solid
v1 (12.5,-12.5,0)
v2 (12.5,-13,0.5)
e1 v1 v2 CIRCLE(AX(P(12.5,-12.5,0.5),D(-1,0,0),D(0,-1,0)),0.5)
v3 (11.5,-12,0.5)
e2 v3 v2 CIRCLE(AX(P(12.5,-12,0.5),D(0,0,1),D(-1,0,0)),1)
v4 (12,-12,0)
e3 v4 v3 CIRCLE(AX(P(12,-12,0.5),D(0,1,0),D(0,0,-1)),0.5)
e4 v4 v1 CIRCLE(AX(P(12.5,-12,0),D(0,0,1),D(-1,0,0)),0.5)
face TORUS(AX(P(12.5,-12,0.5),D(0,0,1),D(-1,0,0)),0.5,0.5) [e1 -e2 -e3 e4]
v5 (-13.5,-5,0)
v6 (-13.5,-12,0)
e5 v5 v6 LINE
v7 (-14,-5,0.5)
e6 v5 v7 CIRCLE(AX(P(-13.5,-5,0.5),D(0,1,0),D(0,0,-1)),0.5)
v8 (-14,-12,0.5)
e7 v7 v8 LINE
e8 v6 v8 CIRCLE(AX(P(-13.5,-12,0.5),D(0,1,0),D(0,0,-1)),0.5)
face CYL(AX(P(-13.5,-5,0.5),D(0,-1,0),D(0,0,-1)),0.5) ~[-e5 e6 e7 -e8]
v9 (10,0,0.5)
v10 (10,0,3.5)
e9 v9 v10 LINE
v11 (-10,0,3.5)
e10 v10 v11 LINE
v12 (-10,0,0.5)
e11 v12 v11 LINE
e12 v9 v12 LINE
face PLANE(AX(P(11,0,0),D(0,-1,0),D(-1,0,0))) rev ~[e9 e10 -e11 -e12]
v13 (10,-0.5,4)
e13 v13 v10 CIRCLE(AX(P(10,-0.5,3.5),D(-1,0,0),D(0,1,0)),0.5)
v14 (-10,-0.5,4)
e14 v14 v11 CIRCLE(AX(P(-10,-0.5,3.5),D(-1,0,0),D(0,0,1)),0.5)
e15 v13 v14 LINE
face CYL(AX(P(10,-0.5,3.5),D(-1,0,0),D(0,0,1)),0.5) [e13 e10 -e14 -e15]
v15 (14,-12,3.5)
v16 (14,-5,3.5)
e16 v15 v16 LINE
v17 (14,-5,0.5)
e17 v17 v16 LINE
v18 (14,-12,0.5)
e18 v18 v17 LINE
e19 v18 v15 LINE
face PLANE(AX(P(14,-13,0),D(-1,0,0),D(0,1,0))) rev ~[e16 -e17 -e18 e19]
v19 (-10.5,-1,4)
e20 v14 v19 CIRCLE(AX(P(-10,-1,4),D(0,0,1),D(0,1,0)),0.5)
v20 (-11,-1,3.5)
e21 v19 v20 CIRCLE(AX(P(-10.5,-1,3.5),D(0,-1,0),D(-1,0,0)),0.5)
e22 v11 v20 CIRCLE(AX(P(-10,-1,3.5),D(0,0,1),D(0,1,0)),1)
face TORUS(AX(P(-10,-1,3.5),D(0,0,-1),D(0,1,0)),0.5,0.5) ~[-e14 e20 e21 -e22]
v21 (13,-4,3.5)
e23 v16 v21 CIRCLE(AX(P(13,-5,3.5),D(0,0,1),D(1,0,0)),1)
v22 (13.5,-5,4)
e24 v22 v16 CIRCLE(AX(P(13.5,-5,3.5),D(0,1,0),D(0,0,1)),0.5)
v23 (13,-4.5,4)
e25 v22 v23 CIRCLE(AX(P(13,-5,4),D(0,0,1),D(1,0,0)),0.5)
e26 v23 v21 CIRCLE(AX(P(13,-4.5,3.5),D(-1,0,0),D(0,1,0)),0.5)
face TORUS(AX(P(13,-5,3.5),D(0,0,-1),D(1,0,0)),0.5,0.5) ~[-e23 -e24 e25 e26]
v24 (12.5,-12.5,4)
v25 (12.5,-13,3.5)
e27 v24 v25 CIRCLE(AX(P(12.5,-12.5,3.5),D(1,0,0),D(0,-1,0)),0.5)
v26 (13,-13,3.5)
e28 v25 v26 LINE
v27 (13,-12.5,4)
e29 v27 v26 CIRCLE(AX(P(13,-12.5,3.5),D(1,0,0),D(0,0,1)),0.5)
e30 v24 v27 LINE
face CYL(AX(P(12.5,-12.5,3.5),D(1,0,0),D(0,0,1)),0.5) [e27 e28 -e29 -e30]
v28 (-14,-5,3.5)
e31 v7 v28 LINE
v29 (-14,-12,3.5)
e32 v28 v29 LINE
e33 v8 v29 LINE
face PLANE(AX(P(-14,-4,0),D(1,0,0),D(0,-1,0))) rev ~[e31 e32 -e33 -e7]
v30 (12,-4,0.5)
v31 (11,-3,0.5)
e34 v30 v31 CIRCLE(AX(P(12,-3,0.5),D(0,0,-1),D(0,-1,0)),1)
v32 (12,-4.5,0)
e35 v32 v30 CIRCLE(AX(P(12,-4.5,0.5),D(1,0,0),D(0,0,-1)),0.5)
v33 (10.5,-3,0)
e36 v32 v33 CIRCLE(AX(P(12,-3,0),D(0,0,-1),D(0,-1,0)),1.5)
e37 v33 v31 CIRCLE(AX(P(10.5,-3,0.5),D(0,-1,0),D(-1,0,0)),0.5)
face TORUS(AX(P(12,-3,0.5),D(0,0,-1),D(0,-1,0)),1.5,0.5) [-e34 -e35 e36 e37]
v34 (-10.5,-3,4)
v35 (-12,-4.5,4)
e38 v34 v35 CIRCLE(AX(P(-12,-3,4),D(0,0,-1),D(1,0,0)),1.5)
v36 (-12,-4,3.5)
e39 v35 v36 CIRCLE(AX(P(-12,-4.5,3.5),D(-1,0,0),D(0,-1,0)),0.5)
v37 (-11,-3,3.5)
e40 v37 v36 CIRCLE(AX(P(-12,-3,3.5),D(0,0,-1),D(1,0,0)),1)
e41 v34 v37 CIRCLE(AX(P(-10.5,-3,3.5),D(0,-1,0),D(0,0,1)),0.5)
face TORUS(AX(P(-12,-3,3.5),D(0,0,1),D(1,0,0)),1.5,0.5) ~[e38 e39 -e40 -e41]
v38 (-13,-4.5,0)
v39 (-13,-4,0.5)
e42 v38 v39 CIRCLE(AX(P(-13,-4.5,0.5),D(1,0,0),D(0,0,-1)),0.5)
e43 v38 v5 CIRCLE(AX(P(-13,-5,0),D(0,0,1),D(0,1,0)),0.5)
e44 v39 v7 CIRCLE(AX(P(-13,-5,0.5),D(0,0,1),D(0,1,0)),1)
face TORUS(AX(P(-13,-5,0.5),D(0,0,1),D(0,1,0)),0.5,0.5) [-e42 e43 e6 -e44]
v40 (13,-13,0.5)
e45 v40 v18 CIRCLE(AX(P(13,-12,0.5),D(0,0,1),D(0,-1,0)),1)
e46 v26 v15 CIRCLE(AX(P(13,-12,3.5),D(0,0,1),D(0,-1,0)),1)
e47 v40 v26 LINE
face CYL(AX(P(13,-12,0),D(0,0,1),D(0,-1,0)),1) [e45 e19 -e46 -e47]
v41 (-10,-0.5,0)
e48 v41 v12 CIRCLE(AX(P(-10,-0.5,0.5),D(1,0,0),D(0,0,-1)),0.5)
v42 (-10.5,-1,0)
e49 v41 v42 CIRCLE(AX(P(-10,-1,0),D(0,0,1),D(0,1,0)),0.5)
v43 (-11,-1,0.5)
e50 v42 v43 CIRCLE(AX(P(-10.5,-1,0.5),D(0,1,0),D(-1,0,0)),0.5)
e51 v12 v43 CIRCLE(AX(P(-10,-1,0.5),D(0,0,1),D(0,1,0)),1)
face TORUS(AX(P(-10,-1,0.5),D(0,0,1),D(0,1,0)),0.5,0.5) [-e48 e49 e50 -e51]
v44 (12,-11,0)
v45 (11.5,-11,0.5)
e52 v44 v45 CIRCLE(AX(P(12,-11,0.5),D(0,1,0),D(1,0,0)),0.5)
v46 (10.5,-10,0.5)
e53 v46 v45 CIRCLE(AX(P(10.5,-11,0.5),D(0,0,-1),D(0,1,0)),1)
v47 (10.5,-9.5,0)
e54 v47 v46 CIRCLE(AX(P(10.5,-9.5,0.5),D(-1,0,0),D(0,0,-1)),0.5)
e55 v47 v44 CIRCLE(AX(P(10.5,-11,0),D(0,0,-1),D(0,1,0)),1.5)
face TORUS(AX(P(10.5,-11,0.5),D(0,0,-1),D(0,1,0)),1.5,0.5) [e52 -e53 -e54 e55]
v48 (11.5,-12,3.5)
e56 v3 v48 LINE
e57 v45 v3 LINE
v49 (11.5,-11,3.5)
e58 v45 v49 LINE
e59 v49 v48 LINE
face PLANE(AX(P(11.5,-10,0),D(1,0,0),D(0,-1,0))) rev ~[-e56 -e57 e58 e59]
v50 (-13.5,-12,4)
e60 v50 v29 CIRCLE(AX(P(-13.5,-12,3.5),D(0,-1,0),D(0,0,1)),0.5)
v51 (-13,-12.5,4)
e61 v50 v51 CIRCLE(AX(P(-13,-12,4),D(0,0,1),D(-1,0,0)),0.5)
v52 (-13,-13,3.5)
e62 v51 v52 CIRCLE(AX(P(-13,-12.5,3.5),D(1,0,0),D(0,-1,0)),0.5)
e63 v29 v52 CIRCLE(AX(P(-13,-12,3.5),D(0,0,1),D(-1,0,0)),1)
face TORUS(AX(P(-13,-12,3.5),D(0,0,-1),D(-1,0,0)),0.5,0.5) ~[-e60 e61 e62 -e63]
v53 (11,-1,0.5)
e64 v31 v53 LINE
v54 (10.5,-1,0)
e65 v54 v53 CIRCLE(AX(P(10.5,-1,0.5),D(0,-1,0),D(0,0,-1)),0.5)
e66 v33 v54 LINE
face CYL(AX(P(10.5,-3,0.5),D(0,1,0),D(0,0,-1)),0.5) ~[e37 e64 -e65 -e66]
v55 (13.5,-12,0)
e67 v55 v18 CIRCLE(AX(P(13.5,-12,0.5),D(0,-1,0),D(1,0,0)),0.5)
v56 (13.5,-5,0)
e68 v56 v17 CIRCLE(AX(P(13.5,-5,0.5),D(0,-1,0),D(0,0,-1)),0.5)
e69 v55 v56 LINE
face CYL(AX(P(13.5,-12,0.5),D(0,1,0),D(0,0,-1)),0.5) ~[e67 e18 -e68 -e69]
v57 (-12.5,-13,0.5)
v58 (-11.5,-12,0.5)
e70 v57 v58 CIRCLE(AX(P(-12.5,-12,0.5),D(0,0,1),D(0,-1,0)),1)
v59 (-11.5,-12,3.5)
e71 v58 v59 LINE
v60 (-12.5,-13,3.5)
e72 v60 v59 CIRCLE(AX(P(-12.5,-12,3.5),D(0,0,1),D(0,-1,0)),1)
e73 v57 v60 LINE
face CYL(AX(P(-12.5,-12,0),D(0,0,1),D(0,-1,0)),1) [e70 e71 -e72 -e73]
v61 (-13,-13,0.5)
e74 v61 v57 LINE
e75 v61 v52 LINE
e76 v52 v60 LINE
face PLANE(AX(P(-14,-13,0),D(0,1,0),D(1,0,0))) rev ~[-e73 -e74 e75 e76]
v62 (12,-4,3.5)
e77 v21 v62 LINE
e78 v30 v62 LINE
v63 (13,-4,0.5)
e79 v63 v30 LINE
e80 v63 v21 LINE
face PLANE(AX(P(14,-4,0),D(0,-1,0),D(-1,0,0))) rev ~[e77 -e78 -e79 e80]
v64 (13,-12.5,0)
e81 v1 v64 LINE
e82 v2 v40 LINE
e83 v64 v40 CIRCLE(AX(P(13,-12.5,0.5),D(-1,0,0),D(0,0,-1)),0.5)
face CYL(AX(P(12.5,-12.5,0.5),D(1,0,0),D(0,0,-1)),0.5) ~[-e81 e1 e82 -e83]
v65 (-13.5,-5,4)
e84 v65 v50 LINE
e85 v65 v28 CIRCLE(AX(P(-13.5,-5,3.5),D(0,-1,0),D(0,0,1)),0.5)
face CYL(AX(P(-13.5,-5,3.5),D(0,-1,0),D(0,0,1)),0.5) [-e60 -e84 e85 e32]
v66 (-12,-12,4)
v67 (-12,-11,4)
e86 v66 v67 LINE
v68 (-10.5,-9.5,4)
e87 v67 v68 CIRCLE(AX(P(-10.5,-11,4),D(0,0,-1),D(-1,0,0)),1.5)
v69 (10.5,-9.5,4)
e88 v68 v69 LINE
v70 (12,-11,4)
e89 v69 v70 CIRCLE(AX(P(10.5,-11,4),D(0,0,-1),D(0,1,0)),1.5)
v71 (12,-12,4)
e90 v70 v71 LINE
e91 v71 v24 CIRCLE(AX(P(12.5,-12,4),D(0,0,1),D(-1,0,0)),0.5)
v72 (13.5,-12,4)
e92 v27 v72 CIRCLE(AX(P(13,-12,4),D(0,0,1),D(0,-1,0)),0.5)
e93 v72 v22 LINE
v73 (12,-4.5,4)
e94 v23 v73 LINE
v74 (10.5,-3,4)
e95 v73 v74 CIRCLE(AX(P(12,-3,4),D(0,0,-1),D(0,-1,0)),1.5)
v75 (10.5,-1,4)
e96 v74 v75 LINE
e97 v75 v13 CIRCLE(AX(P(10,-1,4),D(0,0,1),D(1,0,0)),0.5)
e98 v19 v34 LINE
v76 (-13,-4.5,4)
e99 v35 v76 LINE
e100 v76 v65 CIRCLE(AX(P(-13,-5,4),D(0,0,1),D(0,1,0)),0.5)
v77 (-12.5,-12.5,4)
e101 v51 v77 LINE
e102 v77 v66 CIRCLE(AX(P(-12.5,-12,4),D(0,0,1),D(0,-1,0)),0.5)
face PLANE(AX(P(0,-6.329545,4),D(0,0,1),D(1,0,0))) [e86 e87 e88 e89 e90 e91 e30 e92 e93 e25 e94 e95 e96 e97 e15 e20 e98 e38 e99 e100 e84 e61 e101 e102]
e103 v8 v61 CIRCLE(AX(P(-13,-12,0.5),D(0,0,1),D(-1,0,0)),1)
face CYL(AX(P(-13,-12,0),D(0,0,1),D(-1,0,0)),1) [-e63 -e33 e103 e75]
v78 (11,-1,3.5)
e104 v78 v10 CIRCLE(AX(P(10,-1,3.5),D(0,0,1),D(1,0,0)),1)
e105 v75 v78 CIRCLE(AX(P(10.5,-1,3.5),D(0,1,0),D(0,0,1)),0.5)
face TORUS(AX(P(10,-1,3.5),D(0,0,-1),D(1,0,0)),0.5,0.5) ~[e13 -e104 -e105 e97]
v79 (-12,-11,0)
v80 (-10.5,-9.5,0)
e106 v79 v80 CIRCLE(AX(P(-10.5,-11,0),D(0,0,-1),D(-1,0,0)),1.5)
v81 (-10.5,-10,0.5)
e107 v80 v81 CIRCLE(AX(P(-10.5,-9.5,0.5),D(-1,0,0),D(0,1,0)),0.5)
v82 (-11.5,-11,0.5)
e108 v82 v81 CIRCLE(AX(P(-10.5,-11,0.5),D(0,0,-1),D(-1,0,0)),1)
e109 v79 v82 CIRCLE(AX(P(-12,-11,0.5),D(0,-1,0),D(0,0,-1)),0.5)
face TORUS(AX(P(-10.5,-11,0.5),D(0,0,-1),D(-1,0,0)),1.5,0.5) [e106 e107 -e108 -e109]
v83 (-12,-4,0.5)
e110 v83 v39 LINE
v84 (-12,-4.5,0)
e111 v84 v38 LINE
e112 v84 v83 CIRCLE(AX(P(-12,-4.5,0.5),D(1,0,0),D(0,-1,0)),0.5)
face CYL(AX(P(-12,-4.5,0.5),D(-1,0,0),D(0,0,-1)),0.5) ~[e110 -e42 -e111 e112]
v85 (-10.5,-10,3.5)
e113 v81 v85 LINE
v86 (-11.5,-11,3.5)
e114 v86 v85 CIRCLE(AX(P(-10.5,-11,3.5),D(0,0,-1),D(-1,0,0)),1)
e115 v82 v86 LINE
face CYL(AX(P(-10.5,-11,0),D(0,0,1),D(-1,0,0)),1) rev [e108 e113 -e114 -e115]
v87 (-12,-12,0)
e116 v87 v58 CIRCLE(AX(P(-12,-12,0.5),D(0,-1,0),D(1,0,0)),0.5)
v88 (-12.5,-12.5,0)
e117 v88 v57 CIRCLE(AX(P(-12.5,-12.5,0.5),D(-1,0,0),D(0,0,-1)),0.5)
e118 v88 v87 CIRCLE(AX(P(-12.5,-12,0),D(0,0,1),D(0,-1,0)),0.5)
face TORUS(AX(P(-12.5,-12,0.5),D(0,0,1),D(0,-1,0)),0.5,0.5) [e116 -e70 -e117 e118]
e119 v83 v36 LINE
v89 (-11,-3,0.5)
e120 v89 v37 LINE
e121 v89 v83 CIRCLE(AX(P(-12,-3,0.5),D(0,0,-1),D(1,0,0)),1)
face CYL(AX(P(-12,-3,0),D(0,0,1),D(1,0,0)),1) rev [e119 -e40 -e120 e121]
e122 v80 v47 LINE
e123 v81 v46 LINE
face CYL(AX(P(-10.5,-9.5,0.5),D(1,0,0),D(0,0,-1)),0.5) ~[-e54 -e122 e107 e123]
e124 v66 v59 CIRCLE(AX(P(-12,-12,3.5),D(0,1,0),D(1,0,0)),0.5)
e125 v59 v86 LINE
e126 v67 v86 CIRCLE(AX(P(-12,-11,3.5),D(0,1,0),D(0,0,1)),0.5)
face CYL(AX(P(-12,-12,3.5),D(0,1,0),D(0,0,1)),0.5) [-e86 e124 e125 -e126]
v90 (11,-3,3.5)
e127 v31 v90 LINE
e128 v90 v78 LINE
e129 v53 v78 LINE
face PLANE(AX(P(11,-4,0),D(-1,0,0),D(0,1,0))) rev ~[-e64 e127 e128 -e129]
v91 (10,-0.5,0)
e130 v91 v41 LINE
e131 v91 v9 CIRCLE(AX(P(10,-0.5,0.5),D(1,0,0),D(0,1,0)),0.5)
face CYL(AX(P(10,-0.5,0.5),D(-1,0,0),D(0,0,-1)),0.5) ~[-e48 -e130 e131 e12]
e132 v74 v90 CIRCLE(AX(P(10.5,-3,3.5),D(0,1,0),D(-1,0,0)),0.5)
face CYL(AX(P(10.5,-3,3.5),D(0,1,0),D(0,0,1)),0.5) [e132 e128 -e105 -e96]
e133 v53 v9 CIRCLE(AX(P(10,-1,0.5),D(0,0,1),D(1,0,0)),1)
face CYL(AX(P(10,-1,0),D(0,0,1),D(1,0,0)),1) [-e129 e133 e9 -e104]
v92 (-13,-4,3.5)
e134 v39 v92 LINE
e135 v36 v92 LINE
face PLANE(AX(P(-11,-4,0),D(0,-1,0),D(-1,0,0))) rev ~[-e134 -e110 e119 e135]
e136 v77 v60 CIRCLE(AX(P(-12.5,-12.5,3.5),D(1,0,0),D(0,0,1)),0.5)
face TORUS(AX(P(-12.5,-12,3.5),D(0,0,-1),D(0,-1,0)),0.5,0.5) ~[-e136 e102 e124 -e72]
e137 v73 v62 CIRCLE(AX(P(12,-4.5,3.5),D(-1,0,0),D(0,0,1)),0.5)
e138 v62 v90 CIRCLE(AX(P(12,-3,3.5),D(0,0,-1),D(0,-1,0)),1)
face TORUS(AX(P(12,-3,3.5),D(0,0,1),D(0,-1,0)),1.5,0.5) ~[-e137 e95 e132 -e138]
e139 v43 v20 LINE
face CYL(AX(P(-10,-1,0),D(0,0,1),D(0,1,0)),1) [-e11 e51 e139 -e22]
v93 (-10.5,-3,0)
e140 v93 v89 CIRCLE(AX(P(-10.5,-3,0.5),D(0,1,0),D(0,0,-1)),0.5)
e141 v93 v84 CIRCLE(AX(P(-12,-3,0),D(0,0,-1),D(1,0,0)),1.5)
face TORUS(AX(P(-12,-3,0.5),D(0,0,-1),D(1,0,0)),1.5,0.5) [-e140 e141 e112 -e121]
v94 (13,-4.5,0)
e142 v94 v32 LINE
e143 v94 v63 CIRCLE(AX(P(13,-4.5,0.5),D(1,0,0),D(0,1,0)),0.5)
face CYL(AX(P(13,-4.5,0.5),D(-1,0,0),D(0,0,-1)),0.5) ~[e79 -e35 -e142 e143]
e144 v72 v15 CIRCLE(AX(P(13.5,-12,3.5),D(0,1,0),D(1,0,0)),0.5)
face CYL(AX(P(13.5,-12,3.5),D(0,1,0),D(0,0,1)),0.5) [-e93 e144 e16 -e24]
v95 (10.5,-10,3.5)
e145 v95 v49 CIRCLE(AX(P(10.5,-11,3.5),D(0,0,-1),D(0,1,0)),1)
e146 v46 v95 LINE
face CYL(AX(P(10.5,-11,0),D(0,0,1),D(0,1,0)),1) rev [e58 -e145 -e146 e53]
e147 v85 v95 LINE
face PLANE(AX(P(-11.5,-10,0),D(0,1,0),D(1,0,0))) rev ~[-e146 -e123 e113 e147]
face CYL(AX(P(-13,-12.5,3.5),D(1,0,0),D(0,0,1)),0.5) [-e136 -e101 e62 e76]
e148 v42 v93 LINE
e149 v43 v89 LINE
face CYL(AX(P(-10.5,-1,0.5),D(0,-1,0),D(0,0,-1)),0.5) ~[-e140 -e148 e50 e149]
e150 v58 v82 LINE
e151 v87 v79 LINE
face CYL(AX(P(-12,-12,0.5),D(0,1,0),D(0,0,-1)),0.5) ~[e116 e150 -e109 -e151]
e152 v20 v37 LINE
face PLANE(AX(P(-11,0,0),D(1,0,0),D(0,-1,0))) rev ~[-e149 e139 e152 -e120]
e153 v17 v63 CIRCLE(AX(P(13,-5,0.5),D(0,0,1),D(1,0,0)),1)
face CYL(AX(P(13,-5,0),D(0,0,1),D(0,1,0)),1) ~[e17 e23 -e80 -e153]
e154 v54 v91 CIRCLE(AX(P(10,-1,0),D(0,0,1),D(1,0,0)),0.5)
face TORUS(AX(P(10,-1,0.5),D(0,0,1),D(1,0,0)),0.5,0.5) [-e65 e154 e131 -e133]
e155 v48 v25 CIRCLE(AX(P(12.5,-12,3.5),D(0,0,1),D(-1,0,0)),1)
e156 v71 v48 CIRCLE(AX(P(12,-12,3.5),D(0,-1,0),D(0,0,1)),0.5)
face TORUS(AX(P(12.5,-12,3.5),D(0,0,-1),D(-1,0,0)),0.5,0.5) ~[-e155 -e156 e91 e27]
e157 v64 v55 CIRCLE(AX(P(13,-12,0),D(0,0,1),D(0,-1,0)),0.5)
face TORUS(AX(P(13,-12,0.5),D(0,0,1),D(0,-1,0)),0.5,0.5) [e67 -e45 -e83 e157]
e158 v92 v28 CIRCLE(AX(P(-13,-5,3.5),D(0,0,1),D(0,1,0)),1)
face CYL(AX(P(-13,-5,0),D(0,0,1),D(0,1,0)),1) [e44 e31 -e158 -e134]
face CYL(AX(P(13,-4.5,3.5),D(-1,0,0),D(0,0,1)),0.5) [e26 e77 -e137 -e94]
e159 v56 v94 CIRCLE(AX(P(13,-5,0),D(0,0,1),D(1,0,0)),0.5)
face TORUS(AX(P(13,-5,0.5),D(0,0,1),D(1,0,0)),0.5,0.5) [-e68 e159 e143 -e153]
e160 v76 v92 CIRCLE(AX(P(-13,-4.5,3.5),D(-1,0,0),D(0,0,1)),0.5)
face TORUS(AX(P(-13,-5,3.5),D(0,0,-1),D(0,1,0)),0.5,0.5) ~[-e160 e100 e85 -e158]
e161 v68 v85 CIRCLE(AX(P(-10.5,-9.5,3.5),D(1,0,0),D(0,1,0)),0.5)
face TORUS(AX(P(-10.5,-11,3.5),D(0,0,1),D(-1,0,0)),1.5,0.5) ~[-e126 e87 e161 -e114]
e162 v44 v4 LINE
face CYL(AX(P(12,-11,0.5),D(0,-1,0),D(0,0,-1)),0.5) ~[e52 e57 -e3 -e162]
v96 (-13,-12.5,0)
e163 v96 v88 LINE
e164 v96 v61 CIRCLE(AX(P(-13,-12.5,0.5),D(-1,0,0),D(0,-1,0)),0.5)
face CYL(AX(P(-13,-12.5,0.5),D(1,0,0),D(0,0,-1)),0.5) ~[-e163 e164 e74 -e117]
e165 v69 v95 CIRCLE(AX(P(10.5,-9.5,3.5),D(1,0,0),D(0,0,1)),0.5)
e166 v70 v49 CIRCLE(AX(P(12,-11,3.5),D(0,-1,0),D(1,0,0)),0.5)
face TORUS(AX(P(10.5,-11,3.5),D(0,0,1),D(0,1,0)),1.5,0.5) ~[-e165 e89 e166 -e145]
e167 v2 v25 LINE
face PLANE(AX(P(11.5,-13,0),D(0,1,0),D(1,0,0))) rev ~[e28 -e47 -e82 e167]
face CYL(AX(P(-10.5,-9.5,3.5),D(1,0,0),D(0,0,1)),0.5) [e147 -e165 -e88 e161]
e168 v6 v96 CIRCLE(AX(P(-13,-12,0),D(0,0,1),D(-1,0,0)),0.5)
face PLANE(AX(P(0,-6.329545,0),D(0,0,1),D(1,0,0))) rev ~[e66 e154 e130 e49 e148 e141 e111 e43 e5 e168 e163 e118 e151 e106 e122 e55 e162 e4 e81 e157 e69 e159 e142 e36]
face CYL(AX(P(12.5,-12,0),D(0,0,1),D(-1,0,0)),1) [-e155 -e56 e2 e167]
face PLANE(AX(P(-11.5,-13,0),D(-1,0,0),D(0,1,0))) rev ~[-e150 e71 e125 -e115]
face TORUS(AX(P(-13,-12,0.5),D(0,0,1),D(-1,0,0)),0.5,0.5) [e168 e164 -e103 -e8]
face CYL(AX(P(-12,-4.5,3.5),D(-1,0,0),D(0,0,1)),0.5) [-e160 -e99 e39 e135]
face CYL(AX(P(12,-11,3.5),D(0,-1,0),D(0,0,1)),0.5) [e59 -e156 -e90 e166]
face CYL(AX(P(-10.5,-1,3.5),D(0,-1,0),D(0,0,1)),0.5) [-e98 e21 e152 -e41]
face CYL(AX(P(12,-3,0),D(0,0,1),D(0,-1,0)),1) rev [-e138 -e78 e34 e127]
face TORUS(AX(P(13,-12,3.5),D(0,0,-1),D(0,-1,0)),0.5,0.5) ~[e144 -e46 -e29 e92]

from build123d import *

# Parameters (mm, degrees)
F1_DEPTH = 4
F2_R     = 1
F3_R     = 0.5


with BuildPart() as f1:
    # F0 (on Top) → F1 (new body)
    with BuildSketch(Plane.XY):
        Polygon((14, -4), (11, -4), (11, 0), (-11, 0), (-11, -4), (-14, -4), (-14, -13), (-11.5, -13), (-11.5, -10), (11.5, -10), (11.5, -13), (14, -13), align=None)
    extrude(amount=F1_DEPTH)

    # F2
    f2_edges = [f1.edges().sort_by_distance(p)[0] for p in [
        (-11.5, -13, 2),
        (11.5, -13, 2),
        (-14, -13, 2),
        (-11.5, -10, 2),
        (14, -13, 2),
        (11.5, -10, 2),
        (14, -4, 2),
        (11, -4, 2),
        (11, 0, 2),
        (-11, 0, 2),
        (-11, -4, 2),
        (-14, -4, 2),
    ]]
    fillet(f2_edges, radius=F2_R)

    # F3
    f3_edges = [f1.edges().sort_by_distance(p)[0] for p in [
        (-14, -8.5, 4),
        (-14, -8.5, 0),
    ]]
    fillet(f3_edges, radius=F3_R)


solid = f1.part
